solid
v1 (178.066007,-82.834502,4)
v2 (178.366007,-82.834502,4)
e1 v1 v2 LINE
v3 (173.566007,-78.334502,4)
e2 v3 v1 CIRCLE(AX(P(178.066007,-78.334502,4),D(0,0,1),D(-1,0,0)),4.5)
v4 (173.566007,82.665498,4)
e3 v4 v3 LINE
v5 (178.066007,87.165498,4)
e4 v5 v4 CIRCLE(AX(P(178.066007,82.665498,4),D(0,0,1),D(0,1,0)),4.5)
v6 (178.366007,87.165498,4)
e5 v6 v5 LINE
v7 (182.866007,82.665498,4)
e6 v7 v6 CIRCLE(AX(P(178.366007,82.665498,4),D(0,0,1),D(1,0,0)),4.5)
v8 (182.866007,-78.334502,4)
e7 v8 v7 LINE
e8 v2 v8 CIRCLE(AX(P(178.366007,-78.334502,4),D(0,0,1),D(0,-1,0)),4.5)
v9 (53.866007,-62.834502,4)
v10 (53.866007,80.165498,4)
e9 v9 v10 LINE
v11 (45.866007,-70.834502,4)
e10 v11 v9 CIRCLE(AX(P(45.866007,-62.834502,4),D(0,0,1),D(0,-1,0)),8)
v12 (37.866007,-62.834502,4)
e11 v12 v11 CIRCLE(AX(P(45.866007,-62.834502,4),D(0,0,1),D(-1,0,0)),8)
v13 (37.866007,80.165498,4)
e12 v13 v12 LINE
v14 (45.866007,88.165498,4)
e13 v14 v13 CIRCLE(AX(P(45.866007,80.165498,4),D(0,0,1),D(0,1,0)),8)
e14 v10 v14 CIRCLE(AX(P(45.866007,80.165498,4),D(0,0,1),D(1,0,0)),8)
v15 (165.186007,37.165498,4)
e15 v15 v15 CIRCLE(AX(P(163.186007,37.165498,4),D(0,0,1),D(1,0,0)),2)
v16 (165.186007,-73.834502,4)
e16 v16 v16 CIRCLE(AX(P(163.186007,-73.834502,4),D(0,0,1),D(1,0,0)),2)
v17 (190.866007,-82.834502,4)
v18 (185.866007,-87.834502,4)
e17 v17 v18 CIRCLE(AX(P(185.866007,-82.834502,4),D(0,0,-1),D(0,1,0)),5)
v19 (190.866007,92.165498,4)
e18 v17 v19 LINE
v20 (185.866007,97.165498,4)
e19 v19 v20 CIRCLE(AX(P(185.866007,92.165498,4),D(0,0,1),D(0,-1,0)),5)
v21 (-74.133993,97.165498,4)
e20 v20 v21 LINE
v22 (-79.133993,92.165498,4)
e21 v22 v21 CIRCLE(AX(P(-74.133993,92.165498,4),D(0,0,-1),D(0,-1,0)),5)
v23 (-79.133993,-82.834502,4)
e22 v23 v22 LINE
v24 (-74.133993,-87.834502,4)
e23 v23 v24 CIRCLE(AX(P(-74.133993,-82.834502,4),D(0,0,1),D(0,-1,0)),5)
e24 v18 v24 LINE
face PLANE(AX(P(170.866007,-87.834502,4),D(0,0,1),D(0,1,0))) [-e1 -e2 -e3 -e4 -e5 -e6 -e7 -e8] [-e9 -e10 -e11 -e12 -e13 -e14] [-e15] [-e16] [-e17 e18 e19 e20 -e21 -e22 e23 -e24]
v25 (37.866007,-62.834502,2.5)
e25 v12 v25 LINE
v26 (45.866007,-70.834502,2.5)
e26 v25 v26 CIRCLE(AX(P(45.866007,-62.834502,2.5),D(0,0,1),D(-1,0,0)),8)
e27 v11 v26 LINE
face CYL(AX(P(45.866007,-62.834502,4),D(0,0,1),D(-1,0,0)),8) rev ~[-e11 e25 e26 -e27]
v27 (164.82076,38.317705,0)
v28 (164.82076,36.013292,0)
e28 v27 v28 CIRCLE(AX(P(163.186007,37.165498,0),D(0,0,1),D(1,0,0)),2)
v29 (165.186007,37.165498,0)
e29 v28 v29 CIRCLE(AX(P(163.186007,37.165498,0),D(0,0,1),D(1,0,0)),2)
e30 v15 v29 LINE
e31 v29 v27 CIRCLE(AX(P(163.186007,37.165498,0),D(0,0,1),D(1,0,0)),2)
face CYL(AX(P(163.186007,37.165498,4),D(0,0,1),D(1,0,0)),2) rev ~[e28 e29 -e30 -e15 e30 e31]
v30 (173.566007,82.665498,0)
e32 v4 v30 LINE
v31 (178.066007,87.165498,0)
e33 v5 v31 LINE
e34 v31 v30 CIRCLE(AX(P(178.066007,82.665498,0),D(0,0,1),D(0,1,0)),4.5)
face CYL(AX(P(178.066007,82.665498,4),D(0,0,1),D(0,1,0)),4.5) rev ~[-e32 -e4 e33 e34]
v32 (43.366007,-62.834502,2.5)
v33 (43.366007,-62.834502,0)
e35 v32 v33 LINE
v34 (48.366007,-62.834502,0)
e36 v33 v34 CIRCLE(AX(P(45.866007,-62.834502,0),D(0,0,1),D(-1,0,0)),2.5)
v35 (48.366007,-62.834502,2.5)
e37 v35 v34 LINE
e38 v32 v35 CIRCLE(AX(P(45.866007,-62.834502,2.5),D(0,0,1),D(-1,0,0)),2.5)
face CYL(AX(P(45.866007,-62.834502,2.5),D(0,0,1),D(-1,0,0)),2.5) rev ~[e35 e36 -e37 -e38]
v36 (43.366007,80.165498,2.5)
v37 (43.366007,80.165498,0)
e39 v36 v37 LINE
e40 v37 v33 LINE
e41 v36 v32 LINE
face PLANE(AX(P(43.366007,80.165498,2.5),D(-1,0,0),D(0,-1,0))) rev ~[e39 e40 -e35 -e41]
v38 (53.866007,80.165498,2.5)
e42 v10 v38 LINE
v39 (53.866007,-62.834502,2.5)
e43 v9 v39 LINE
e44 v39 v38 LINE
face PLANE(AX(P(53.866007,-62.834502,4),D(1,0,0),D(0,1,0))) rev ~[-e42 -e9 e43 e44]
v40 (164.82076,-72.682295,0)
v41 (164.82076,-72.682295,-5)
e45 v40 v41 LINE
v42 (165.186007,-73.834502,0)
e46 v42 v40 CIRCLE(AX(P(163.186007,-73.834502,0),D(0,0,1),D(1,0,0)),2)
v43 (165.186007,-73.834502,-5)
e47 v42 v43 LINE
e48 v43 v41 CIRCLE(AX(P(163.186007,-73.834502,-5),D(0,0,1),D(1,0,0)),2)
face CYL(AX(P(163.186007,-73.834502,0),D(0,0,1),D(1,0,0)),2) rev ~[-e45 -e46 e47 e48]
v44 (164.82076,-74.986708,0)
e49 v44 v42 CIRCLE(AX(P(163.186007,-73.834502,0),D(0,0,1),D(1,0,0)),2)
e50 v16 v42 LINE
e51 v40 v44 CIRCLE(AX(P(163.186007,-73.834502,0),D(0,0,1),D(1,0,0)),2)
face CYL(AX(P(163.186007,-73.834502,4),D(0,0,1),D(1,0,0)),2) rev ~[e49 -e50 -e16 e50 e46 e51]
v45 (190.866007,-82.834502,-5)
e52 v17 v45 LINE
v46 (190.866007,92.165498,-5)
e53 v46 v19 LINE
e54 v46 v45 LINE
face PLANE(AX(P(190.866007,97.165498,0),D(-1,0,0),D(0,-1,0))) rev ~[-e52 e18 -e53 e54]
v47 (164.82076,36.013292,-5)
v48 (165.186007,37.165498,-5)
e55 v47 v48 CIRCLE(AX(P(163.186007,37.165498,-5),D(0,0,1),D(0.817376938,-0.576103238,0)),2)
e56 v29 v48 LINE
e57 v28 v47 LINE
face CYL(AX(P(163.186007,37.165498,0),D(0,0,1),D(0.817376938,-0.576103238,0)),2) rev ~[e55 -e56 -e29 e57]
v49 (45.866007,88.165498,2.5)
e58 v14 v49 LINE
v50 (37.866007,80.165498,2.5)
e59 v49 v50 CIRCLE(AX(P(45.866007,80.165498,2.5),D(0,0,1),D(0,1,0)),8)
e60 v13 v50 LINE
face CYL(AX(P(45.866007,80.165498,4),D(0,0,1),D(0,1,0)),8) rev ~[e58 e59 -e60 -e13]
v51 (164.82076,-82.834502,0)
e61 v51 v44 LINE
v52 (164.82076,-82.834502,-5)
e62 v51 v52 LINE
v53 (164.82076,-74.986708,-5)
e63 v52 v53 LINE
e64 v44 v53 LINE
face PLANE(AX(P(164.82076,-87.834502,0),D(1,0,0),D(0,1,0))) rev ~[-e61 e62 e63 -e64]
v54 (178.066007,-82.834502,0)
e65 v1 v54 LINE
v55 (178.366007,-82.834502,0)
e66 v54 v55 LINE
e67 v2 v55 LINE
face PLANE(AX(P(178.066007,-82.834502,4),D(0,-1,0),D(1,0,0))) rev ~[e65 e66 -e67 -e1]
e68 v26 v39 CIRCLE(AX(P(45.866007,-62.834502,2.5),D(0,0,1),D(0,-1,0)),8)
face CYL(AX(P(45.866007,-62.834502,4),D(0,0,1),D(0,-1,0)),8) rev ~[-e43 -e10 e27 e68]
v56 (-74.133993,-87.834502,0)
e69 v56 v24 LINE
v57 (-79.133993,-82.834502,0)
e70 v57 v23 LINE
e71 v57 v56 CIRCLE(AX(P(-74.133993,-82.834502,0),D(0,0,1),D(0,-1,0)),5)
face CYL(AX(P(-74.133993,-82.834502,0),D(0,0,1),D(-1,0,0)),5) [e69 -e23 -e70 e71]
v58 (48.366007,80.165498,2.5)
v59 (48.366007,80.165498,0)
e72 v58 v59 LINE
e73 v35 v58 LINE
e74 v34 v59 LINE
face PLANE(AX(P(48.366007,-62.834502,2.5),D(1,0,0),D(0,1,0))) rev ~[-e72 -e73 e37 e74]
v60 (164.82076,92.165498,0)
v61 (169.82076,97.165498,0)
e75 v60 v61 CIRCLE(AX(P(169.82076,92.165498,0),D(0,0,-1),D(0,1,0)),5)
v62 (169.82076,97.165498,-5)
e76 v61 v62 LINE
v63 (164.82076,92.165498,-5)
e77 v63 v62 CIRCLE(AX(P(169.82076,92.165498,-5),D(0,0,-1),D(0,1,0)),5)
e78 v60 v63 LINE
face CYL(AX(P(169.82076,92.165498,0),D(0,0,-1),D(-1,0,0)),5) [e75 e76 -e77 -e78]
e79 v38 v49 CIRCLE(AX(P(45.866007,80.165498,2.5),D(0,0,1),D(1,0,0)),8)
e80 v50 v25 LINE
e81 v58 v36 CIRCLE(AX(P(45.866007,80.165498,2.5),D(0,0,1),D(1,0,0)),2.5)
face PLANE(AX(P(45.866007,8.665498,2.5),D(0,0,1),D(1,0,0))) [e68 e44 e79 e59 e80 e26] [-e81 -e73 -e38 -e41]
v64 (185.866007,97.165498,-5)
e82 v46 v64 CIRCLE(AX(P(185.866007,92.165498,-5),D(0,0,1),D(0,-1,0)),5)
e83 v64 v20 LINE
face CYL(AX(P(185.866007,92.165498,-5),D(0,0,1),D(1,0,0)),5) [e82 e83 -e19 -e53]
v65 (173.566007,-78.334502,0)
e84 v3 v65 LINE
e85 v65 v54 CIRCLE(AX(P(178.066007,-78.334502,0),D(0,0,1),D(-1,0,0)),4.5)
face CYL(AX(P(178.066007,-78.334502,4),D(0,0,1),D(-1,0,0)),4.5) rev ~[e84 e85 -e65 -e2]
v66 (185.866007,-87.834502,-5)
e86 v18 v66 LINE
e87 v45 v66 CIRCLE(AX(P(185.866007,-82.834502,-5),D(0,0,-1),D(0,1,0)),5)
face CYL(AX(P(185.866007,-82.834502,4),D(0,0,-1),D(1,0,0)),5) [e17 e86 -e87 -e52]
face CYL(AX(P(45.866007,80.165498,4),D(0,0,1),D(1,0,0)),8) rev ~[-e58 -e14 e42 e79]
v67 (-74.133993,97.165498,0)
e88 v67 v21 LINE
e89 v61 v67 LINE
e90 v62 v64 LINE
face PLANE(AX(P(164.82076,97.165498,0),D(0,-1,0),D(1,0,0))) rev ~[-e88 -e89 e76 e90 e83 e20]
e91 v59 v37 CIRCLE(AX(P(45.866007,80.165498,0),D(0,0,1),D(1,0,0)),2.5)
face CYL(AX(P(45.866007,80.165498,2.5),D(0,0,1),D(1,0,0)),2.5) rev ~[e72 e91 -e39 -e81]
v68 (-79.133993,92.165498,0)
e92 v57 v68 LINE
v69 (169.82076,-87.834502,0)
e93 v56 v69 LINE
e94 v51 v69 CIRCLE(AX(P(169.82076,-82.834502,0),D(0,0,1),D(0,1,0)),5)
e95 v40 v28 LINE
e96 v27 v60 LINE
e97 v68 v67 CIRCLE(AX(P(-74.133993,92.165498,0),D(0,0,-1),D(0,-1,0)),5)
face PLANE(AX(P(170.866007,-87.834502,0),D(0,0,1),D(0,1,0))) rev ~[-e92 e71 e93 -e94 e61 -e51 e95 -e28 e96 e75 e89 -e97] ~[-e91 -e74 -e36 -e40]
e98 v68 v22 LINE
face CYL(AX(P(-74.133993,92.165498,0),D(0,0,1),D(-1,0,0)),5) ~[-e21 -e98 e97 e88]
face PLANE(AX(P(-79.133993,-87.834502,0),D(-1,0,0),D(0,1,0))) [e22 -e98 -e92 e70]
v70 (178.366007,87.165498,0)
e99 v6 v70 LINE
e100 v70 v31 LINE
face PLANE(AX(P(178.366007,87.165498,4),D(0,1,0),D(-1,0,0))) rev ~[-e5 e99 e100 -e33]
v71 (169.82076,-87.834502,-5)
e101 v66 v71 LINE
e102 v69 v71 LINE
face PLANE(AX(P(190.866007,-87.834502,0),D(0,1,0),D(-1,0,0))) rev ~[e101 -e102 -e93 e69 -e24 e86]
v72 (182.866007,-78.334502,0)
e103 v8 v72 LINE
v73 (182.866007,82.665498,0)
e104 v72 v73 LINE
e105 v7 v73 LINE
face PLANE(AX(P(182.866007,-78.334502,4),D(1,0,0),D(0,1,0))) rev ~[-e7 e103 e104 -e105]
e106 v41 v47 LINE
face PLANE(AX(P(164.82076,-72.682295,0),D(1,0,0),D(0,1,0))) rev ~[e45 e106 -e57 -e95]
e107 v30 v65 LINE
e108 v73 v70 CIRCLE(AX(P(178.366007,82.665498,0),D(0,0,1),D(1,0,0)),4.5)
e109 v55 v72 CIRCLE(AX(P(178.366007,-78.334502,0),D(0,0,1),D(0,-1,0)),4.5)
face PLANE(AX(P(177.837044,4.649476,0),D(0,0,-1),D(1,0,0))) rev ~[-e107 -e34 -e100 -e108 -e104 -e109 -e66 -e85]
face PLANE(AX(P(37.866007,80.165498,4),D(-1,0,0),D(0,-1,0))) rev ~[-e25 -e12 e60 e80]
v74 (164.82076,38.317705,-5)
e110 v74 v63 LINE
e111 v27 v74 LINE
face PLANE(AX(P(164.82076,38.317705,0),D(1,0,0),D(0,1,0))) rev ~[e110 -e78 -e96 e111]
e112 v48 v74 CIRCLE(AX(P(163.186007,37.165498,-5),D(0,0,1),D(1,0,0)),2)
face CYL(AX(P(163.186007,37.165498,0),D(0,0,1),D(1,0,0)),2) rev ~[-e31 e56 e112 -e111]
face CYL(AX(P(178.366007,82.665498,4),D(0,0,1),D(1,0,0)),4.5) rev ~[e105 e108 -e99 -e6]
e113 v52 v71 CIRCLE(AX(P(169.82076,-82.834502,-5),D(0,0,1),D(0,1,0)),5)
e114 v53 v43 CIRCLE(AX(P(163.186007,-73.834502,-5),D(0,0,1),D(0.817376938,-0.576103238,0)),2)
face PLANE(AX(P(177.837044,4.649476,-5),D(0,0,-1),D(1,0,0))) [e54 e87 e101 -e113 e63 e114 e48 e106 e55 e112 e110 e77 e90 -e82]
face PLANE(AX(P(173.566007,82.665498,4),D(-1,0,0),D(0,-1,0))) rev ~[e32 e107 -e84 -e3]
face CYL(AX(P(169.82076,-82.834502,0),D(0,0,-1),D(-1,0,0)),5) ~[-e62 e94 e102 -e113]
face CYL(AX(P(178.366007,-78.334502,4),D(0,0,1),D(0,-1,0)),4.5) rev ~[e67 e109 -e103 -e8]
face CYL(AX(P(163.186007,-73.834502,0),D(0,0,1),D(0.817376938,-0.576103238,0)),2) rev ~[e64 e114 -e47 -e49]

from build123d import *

# Parameters (mm, degrees)
F0_W      = 250
F0_H      = 185
F1_DEPTH  = 4
F3_DEPTH  = 1.5
F5_DEPTH  = 5
F6_R      = 2
F7_DEPTH  = 25
F8_DEPTH  = 20
F10_DEPTH = 4.001
F12_DEPTH = 5
F13_R     = 5


with BuildPart() as f1:
    # F0 (on Top) → F1 (new body)
    with BuildSketch(Plane.XY):
        with Locations((45.8660066128, 4.6654982038)):
            Rectangle(F0_W, F0_H)
    extrude(amount=F1_DEPTH)

    # F2 (on face) → F3 (cut)
    with BuildSketch(Plane.XY.offset(4)):
        with BuildLine():
            ThreePointArc((53.8660066128, 80.1654982038), (51.5228608623, 85.8223524533), (45.8660066128, 88.1654982038))
            ThreePointArc((45.8660066128, 88.1654982038), (40.2091523633, 85.8223524533), (37.8660066128, 80.1654982038))
            Line((37.8660066128, 80.1654982038), (37.8660066128, -62.8345017962))
            ThreePointArc((37.8660066128, -62.8345017962), (40.2091523633, -68.4913560457), (45.8660066128, -70.8345017962))
            ThreePointArc((45.8660066128, -70.8345017962), (51.5228608623, -68.4913560457), (53.8660066128, -62.8345017962))
            Line((53.8660066128, -62.8345017962), (53.8660066128, 80.1654982038))
        make_face()
    extrude(amount=-F3_DEPTH, mode=Mode.SUBTRACT)

    # F4 (on face) → F5 (cut)
    with BuildSketch(Plane.XY.offset(2.5)):
        with BuildLine():
            Line((48.3660066128, -62.8345017962), (48.3660066128, 80.1654982038))
            ThreePointArc((48.3660066128, 80.1654982038), (45.8660066128, 82.6654982038), (43.3660066128, 80.1654982038))
            Line((43.3660066128, 80.1654982038), (43.3660066128, -62.8345017962))
            ThreePointArc((43.3660066128, -62.8345017962), (45.8660066128, -65.3345017962), (48.3660066128, -62.8345017962))
        make_face()
    extrude(amount=-F5_DEPTH, mode=Mode.SUBTRACT)

    # F6 (on face) → F7 (cut)
    with BuildSketch(Plane.XY.offset(4)):
        with Locations((163.1860066128, 37.1654982038)):
            Circle(F6_R)
        with Locations((163.1860066128, -73.8345017962)):
            Circle(F6_R)
    extrude(amount=-F7_DEPTH, mode=Mode.SUBTRACT)

    # F8 (add): a face of the model
    f8_faces = [f1.faces().sort_by_distance(p)[0] for p in [
        (170.8660066128, 4.6654982038, 2),
    ]]
    extrude(f8_faces, amount=F8_DEPTH)

    # F9 (on face) → F10 (cut, through all)
    with BuildSketch(Plane.XY.offset(4)):
        with BuildLine():
            Line((178.3660066128, 87.1654982038), (178.0660066128, 87.1654982038))
            ThreePointArc((178.0660066128, 87.1654982038), (174.8840260974, 85.8474787192), (173.5660066128, 82.6654982038))
            Line((173.5660066128, 82.6654982038), (173.5660066128, -78.3345017962))
            ThreePointArc((173.5660066128, -78.3345017962), (174.8840260974, -81.5164823115), (178.0660066128, -82.8345017962))
            Line((178.0660066128, -82.8345017962), (178.3660066128, -82.8345017962))
            ThreePointArc((178.3660066128, -82.8345017962), (181.5479871281, -81.5164823115), (182.8660066128, -78.3345017962))
            Line((182.8660066128, -78.3345017962), (182.8660066128, 82.6654982038))
            ThreePointArc((182.8660066128, 82.6654982038), (181.5479871281, 85.8474787192), (178.3660066128, 87.1654982038))
        make_face()
    extrude(amount=-F10_DEPTH, mode=Mode.SUBTRACT)

    # F11 (on face) → F12 (join)
    with BuildSketch(Plane(origin=(0, 0, 0), x_dir=(1, 0, 0), z_dir=(0, 0, -1))):
        with BuildLine():
            Line((190.8660066128, -97.1654982038), (190.8660066128, 87.8345017962))
            Line((190.8660066128, 87.8345017962), (164.8207604885, 87.8345017962))
            Line((164.8207604885, 87.8345017962), (164.8207604885, 74.9867082732))
            ThreePointArc((164.8207604885, 74.9867082732), (165.0925096617, 74.4388577544), (165.1860066128, 73.8345017962))
            ThreePointArc((165.1860066128, 73.8345017962), (165.0925096617, 73.2301458379), (164.8207604885, 72.6822953191))
            Line((164.8207604885, 72.6822953191), (164.8207604885, -36.0132917268))
            ThreePointArc((164.8207604885, -36.0132917268), (165.0925096617, -36.5611422456), (165.1860066128, -37.1654982038))
            ThreePointArc((165.1860066128, -37.1654982038), (165.0925096617, -37.7698541621), (164.8207604885, -38.3177046809))
            Line((164.8207604885, -38.3177046809), (164.8207604885, -97.1654982038))
            Line((164.8207604885, -97.1654982038), (190.8660066128, -97.1654982038))
        make_face()
        with BuildLine():
            ThreePointArc((182.8660066128, -82.6654982038), (181.5479871281, -85.8474787192), (178.3660066128, -87.1654982038))
            Line((178.3660066128, -87.1654982038), (178.0660066128, -87.1654982038))
            ThreePointArc((178.0660066128, -87.1654982038), (174.8840260974, -85.8474787192), (173.5660066128, -82.6654982038))
            Line((173.5660066128, -82.6654982038), (173.5660066128, 78.3345017962))
            ThreePointArc((173.5660066128, 78.3345017962), (174.8840260974, 81.5164823115), (178.0660066128, 82.8345017962))
            Line((178.0660066128, 82.8345017962), (178.3660066128, 82.8345017962))
            ThreePointArc((178.3660066128, 82.8345017962), (181.5479871281, 81.5164823115), (182.8660066128, 78.3345017962))
            Line((182.8660066128, 78.3345017962), (182.8660066128, -82.6654982038))
        make_face(mode=Mode.SUBTRACT)
        with BuildLine():
            Line((178.0660066128, -87.1654982038), (178.3660066128, -87.1654982038))
            ThreePointArc((178.3660066128, -87.1654982038), (181.5479871281, -85.8474787192), (182.8660066128, -82.6654982038))
            Line((182.8660066128, -82.6654982038), (182.8660066128, 78.3345017962))
            ThreePointArc((182.8660066128, 78.3345017962), (181.5479871281, 81.5164823115), (178.3660066128, 82.8345017962))
            Line((178.3660066128, 82.8345017962), (178.0660066128, 82.8345017962))
            ThreePointArc((178.0660066128, 82.8345017962), (174.8840260974, 81.5164823115), (173.5660066128, 78.3345017962))
            Line((173.5660066128, 78.3345017962), (173.5660066128, -82.6654982038))
            ThreePointArc((173.5660066128, -82.6654982038), (174.8840260974, -85.8474787192), (178.0660066128, -87.1654982038))
        make_face()
    extrude(amount=F12_DEPTH)

    # F13
    f13_edges = [f1.edges().sort_by_distance(p)[0] for p in [
        (190.866007, 97.165498, -0.5),
        (-79.133993, 97.165498, 2),
        (-79.133993, -87.834502, 2),
        (190.866007, -87.834502, -0.5),
        (164.82076, -87.834502, -2.5),
        (164.82076, 97.165498, -2.5),
    ]]
    fillet(f13_edges, radius=F13_R)


solid = f1.part
